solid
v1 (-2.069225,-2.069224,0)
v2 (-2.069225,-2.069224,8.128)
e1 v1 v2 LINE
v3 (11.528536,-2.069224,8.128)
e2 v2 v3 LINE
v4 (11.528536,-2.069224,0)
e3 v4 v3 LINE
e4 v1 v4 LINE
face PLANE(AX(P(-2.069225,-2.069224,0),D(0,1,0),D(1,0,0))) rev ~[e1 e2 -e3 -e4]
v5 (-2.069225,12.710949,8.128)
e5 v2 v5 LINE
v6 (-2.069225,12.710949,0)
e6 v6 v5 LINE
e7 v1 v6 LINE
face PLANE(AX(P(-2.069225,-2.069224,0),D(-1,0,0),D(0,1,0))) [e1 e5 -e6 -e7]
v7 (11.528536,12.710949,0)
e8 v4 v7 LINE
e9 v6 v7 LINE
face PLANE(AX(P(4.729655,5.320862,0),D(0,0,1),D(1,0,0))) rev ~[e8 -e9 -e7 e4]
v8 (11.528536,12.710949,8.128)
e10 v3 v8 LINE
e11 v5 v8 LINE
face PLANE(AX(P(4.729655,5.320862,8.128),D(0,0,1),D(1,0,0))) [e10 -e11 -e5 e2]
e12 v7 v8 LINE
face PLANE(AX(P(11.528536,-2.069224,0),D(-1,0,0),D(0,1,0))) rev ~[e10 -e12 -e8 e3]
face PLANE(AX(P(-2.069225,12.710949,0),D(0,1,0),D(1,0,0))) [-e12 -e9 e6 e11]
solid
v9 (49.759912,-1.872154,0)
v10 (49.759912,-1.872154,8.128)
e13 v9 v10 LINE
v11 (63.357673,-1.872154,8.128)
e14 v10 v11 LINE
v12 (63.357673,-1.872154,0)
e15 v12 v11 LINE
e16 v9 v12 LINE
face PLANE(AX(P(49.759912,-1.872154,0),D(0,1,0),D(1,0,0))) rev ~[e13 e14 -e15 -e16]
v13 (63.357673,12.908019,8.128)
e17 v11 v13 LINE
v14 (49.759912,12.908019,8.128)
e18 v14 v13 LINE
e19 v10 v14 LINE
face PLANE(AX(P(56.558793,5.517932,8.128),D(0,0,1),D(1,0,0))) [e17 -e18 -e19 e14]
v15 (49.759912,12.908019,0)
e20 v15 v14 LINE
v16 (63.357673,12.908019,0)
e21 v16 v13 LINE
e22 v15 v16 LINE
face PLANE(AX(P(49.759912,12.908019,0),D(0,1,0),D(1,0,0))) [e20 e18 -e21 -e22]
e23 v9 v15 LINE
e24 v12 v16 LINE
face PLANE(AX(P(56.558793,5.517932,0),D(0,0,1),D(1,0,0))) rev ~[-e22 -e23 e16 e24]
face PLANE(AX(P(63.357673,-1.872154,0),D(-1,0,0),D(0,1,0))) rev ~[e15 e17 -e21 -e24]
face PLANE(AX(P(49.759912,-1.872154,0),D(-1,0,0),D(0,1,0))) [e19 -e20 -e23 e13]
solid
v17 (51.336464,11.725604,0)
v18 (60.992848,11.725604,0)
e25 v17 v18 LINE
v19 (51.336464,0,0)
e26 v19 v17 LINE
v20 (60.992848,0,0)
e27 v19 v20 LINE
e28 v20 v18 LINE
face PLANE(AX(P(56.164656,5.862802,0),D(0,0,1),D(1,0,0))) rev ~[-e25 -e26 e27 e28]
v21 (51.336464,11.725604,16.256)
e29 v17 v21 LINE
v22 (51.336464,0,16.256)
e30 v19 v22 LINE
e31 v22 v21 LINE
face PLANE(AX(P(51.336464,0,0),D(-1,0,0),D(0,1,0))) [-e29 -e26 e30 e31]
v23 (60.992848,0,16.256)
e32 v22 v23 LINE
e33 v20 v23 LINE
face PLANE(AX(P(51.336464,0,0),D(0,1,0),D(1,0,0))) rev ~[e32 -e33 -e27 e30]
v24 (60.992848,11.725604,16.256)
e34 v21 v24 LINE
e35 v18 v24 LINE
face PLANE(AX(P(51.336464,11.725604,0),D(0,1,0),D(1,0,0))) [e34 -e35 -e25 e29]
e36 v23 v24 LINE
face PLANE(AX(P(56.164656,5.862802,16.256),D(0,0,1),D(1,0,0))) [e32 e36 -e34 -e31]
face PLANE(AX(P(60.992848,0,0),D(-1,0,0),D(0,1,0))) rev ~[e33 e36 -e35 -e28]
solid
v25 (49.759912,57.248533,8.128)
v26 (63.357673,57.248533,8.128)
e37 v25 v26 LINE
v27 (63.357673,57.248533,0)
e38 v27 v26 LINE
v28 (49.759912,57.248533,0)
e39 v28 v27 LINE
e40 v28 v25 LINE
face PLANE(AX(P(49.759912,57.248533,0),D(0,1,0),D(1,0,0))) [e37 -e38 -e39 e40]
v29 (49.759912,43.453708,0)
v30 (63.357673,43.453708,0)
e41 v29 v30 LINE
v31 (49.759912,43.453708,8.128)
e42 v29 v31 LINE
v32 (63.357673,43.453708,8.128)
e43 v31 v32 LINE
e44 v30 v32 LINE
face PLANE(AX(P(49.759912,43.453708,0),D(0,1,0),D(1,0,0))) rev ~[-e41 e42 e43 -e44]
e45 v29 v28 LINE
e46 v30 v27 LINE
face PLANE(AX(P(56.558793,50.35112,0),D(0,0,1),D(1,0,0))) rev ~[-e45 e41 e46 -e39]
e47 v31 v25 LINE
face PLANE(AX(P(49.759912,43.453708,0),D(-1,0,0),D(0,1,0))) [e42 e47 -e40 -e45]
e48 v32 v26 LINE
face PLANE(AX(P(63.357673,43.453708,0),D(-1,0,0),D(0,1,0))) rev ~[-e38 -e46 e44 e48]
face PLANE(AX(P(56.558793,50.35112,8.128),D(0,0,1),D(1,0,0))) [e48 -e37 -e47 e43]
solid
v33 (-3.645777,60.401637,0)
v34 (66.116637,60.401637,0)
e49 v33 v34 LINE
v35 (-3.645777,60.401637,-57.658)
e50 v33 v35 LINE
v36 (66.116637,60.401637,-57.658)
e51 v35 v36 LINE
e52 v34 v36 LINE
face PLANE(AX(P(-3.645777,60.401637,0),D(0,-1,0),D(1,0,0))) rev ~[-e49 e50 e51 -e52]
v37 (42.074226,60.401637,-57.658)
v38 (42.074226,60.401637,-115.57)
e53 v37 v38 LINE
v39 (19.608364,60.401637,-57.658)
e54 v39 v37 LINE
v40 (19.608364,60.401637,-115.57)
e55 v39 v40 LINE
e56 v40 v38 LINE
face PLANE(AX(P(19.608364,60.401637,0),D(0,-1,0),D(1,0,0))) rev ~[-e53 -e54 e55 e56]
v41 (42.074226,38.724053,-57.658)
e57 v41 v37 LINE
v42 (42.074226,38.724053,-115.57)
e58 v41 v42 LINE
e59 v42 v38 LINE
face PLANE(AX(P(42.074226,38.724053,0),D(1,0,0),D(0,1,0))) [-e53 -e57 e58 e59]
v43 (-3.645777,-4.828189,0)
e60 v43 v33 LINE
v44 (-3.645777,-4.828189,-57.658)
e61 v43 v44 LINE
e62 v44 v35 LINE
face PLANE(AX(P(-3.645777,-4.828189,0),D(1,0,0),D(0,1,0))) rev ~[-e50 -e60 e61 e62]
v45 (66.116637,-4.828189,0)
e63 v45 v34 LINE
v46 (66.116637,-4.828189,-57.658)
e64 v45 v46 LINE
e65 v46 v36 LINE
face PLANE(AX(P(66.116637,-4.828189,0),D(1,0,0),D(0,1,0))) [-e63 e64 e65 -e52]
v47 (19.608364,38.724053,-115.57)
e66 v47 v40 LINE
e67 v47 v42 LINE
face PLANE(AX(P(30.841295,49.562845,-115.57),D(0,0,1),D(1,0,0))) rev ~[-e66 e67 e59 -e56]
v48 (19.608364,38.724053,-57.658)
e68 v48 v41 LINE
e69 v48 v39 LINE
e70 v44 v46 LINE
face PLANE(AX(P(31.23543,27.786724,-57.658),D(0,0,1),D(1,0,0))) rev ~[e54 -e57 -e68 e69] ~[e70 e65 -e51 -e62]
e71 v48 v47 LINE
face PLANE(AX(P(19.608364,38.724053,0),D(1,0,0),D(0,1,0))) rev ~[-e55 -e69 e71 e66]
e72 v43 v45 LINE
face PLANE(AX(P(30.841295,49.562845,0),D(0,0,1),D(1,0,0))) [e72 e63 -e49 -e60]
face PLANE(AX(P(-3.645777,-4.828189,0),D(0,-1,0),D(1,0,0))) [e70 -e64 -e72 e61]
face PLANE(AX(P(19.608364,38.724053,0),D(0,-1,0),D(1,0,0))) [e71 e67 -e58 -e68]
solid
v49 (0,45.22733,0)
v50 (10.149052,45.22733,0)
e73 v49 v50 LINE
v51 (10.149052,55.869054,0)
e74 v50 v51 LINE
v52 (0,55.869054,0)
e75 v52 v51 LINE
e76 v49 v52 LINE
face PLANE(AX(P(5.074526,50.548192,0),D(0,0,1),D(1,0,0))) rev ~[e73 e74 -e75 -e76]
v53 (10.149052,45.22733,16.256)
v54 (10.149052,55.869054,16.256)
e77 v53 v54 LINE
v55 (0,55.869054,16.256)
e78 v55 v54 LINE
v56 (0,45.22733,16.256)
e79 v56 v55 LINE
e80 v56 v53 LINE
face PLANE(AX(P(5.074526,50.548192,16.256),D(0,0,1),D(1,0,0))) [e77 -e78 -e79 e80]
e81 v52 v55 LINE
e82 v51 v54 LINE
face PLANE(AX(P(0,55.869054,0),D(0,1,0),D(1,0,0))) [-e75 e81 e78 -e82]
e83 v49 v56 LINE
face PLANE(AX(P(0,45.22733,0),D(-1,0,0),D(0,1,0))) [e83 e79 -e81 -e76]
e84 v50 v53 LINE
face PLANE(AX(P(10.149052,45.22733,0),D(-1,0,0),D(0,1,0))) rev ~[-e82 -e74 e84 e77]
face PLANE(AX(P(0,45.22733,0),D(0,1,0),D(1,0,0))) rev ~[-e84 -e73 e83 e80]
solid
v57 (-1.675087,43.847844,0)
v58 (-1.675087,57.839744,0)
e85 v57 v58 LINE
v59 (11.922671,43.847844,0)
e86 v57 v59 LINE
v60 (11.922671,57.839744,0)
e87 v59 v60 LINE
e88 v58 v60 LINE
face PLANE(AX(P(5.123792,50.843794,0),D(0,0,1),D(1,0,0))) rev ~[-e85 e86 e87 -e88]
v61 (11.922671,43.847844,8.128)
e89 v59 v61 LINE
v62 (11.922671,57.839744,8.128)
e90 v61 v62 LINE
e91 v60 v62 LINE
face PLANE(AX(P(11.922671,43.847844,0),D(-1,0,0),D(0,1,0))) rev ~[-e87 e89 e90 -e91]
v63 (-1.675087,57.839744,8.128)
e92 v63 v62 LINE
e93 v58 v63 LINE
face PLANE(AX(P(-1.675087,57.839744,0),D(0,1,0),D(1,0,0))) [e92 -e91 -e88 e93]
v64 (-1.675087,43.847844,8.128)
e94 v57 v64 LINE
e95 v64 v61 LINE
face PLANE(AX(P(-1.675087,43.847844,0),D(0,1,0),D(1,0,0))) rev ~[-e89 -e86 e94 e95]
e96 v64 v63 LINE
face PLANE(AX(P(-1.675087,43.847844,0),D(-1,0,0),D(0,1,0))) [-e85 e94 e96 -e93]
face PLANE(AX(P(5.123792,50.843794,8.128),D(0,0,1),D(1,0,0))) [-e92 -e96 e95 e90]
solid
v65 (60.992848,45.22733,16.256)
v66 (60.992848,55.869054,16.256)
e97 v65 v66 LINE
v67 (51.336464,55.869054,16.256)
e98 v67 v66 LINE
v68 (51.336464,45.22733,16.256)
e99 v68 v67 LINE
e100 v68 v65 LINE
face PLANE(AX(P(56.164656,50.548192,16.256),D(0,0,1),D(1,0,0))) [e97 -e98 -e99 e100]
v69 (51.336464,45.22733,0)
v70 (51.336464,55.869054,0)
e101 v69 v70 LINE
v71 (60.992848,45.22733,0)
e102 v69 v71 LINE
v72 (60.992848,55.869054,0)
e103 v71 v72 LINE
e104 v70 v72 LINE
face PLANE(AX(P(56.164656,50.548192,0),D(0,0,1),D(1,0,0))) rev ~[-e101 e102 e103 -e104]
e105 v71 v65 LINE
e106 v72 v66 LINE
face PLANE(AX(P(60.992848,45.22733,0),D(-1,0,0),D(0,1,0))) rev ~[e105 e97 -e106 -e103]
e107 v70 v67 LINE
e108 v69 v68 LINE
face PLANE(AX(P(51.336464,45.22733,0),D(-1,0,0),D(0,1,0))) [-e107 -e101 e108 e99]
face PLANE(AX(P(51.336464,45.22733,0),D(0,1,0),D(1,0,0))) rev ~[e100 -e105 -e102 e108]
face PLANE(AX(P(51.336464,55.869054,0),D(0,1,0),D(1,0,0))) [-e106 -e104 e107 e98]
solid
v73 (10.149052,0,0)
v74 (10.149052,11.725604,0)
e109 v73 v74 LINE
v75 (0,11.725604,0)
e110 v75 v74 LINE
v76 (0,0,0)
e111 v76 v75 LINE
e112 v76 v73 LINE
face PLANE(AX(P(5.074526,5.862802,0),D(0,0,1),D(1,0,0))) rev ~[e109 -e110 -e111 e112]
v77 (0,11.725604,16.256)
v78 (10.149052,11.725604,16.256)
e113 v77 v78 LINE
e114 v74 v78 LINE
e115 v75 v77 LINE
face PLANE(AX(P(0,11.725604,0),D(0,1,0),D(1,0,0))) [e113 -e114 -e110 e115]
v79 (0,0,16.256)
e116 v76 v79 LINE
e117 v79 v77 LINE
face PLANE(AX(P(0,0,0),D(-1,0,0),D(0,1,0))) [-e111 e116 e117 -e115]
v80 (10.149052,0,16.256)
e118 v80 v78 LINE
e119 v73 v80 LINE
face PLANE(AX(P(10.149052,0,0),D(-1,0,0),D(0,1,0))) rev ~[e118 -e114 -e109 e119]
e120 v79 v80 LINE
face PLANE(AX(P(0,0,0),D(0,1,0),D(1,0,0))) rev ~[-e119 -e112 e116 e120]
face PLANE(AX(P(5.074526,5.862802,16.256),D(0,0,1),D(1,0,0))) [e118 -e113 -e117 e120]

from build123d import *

# Parameters (mm, degrees)
F0_W     = 10.149051
F0_H     = 11.725604
F0_W_2   = 9.656384
F0_H_2   = 10.641724
F1_DEPTH = 16.256
F2_W     = 13.597761
F2_H     = 13.794825
F2_H_2   = 14.780173
F2_W_2   = 13.597758
F2_H_3   = 13.9919
F3_DEPTH = 8.128
F4_W     = 69.762415
F4_H     = 65.229826
F5_DEPTH = 57.658
F6_W     = 22.465862
F6_H     = 21.677583
F7_DEPTH = 115.57


with BuildPart() as f1:
    # F0 (on Top) → F1 (new body)
    with BuildSketch(Plane.XY):
        with Locations((5.074526, 5.862802)):
            Rectangle(F0_W, F0_H)
        with Locations((56.164656, 5.862802)):
            Rectangle(F0_W_2, F0_H)
        with Locations((56.164656, 50.548192)):
            Rectangle(F0_W_2, F0_H_2)
        with Locations((5.074526, 50.548192)):
            Rectangle(F0_W, F0_H_2)
    extrude(amount=F1_DEPTH)


with BuildPart() as f3:
    # F2 (on Top) → F3 (new body)
    with BuildSketch(Plane.XY):
        with Locations((56.558793, 50.35112)):
            Rectangle(F2_W, F2_H)
        with Locations((56.558793, 5.517932)):
            Rectangle(F2_W, F2_H_2)
        with Locations((4.729655, 5.320862)):
            Rectangle(F2_W, F2_H_2)
        with Locations((5.123792, 50.843794)):
            Rectangle(F2_W_2, F2_H_3)
    extrude(amount=F3_DEPTH)


with BuildPart() as f5:
    # F4 (on Top) → F5 (new body)
    with BuildSketch(Plane.XY):
        with Locations((31.23543, 27.786724)):
            Rectangle(F4_W, F4_H)
    extrude(amount=-F5_DEPTH)

    # F6 (on Top) → F7 (join)
    with BuildSketch(Plane.XY):
        with Locations((30.841295, 49.562845)):
            Rectangle(F6_W, F6_H)
    extrude(amount=-F7_DEPTH)


solid = Compound([f1.part, f3.part, f5.part])
